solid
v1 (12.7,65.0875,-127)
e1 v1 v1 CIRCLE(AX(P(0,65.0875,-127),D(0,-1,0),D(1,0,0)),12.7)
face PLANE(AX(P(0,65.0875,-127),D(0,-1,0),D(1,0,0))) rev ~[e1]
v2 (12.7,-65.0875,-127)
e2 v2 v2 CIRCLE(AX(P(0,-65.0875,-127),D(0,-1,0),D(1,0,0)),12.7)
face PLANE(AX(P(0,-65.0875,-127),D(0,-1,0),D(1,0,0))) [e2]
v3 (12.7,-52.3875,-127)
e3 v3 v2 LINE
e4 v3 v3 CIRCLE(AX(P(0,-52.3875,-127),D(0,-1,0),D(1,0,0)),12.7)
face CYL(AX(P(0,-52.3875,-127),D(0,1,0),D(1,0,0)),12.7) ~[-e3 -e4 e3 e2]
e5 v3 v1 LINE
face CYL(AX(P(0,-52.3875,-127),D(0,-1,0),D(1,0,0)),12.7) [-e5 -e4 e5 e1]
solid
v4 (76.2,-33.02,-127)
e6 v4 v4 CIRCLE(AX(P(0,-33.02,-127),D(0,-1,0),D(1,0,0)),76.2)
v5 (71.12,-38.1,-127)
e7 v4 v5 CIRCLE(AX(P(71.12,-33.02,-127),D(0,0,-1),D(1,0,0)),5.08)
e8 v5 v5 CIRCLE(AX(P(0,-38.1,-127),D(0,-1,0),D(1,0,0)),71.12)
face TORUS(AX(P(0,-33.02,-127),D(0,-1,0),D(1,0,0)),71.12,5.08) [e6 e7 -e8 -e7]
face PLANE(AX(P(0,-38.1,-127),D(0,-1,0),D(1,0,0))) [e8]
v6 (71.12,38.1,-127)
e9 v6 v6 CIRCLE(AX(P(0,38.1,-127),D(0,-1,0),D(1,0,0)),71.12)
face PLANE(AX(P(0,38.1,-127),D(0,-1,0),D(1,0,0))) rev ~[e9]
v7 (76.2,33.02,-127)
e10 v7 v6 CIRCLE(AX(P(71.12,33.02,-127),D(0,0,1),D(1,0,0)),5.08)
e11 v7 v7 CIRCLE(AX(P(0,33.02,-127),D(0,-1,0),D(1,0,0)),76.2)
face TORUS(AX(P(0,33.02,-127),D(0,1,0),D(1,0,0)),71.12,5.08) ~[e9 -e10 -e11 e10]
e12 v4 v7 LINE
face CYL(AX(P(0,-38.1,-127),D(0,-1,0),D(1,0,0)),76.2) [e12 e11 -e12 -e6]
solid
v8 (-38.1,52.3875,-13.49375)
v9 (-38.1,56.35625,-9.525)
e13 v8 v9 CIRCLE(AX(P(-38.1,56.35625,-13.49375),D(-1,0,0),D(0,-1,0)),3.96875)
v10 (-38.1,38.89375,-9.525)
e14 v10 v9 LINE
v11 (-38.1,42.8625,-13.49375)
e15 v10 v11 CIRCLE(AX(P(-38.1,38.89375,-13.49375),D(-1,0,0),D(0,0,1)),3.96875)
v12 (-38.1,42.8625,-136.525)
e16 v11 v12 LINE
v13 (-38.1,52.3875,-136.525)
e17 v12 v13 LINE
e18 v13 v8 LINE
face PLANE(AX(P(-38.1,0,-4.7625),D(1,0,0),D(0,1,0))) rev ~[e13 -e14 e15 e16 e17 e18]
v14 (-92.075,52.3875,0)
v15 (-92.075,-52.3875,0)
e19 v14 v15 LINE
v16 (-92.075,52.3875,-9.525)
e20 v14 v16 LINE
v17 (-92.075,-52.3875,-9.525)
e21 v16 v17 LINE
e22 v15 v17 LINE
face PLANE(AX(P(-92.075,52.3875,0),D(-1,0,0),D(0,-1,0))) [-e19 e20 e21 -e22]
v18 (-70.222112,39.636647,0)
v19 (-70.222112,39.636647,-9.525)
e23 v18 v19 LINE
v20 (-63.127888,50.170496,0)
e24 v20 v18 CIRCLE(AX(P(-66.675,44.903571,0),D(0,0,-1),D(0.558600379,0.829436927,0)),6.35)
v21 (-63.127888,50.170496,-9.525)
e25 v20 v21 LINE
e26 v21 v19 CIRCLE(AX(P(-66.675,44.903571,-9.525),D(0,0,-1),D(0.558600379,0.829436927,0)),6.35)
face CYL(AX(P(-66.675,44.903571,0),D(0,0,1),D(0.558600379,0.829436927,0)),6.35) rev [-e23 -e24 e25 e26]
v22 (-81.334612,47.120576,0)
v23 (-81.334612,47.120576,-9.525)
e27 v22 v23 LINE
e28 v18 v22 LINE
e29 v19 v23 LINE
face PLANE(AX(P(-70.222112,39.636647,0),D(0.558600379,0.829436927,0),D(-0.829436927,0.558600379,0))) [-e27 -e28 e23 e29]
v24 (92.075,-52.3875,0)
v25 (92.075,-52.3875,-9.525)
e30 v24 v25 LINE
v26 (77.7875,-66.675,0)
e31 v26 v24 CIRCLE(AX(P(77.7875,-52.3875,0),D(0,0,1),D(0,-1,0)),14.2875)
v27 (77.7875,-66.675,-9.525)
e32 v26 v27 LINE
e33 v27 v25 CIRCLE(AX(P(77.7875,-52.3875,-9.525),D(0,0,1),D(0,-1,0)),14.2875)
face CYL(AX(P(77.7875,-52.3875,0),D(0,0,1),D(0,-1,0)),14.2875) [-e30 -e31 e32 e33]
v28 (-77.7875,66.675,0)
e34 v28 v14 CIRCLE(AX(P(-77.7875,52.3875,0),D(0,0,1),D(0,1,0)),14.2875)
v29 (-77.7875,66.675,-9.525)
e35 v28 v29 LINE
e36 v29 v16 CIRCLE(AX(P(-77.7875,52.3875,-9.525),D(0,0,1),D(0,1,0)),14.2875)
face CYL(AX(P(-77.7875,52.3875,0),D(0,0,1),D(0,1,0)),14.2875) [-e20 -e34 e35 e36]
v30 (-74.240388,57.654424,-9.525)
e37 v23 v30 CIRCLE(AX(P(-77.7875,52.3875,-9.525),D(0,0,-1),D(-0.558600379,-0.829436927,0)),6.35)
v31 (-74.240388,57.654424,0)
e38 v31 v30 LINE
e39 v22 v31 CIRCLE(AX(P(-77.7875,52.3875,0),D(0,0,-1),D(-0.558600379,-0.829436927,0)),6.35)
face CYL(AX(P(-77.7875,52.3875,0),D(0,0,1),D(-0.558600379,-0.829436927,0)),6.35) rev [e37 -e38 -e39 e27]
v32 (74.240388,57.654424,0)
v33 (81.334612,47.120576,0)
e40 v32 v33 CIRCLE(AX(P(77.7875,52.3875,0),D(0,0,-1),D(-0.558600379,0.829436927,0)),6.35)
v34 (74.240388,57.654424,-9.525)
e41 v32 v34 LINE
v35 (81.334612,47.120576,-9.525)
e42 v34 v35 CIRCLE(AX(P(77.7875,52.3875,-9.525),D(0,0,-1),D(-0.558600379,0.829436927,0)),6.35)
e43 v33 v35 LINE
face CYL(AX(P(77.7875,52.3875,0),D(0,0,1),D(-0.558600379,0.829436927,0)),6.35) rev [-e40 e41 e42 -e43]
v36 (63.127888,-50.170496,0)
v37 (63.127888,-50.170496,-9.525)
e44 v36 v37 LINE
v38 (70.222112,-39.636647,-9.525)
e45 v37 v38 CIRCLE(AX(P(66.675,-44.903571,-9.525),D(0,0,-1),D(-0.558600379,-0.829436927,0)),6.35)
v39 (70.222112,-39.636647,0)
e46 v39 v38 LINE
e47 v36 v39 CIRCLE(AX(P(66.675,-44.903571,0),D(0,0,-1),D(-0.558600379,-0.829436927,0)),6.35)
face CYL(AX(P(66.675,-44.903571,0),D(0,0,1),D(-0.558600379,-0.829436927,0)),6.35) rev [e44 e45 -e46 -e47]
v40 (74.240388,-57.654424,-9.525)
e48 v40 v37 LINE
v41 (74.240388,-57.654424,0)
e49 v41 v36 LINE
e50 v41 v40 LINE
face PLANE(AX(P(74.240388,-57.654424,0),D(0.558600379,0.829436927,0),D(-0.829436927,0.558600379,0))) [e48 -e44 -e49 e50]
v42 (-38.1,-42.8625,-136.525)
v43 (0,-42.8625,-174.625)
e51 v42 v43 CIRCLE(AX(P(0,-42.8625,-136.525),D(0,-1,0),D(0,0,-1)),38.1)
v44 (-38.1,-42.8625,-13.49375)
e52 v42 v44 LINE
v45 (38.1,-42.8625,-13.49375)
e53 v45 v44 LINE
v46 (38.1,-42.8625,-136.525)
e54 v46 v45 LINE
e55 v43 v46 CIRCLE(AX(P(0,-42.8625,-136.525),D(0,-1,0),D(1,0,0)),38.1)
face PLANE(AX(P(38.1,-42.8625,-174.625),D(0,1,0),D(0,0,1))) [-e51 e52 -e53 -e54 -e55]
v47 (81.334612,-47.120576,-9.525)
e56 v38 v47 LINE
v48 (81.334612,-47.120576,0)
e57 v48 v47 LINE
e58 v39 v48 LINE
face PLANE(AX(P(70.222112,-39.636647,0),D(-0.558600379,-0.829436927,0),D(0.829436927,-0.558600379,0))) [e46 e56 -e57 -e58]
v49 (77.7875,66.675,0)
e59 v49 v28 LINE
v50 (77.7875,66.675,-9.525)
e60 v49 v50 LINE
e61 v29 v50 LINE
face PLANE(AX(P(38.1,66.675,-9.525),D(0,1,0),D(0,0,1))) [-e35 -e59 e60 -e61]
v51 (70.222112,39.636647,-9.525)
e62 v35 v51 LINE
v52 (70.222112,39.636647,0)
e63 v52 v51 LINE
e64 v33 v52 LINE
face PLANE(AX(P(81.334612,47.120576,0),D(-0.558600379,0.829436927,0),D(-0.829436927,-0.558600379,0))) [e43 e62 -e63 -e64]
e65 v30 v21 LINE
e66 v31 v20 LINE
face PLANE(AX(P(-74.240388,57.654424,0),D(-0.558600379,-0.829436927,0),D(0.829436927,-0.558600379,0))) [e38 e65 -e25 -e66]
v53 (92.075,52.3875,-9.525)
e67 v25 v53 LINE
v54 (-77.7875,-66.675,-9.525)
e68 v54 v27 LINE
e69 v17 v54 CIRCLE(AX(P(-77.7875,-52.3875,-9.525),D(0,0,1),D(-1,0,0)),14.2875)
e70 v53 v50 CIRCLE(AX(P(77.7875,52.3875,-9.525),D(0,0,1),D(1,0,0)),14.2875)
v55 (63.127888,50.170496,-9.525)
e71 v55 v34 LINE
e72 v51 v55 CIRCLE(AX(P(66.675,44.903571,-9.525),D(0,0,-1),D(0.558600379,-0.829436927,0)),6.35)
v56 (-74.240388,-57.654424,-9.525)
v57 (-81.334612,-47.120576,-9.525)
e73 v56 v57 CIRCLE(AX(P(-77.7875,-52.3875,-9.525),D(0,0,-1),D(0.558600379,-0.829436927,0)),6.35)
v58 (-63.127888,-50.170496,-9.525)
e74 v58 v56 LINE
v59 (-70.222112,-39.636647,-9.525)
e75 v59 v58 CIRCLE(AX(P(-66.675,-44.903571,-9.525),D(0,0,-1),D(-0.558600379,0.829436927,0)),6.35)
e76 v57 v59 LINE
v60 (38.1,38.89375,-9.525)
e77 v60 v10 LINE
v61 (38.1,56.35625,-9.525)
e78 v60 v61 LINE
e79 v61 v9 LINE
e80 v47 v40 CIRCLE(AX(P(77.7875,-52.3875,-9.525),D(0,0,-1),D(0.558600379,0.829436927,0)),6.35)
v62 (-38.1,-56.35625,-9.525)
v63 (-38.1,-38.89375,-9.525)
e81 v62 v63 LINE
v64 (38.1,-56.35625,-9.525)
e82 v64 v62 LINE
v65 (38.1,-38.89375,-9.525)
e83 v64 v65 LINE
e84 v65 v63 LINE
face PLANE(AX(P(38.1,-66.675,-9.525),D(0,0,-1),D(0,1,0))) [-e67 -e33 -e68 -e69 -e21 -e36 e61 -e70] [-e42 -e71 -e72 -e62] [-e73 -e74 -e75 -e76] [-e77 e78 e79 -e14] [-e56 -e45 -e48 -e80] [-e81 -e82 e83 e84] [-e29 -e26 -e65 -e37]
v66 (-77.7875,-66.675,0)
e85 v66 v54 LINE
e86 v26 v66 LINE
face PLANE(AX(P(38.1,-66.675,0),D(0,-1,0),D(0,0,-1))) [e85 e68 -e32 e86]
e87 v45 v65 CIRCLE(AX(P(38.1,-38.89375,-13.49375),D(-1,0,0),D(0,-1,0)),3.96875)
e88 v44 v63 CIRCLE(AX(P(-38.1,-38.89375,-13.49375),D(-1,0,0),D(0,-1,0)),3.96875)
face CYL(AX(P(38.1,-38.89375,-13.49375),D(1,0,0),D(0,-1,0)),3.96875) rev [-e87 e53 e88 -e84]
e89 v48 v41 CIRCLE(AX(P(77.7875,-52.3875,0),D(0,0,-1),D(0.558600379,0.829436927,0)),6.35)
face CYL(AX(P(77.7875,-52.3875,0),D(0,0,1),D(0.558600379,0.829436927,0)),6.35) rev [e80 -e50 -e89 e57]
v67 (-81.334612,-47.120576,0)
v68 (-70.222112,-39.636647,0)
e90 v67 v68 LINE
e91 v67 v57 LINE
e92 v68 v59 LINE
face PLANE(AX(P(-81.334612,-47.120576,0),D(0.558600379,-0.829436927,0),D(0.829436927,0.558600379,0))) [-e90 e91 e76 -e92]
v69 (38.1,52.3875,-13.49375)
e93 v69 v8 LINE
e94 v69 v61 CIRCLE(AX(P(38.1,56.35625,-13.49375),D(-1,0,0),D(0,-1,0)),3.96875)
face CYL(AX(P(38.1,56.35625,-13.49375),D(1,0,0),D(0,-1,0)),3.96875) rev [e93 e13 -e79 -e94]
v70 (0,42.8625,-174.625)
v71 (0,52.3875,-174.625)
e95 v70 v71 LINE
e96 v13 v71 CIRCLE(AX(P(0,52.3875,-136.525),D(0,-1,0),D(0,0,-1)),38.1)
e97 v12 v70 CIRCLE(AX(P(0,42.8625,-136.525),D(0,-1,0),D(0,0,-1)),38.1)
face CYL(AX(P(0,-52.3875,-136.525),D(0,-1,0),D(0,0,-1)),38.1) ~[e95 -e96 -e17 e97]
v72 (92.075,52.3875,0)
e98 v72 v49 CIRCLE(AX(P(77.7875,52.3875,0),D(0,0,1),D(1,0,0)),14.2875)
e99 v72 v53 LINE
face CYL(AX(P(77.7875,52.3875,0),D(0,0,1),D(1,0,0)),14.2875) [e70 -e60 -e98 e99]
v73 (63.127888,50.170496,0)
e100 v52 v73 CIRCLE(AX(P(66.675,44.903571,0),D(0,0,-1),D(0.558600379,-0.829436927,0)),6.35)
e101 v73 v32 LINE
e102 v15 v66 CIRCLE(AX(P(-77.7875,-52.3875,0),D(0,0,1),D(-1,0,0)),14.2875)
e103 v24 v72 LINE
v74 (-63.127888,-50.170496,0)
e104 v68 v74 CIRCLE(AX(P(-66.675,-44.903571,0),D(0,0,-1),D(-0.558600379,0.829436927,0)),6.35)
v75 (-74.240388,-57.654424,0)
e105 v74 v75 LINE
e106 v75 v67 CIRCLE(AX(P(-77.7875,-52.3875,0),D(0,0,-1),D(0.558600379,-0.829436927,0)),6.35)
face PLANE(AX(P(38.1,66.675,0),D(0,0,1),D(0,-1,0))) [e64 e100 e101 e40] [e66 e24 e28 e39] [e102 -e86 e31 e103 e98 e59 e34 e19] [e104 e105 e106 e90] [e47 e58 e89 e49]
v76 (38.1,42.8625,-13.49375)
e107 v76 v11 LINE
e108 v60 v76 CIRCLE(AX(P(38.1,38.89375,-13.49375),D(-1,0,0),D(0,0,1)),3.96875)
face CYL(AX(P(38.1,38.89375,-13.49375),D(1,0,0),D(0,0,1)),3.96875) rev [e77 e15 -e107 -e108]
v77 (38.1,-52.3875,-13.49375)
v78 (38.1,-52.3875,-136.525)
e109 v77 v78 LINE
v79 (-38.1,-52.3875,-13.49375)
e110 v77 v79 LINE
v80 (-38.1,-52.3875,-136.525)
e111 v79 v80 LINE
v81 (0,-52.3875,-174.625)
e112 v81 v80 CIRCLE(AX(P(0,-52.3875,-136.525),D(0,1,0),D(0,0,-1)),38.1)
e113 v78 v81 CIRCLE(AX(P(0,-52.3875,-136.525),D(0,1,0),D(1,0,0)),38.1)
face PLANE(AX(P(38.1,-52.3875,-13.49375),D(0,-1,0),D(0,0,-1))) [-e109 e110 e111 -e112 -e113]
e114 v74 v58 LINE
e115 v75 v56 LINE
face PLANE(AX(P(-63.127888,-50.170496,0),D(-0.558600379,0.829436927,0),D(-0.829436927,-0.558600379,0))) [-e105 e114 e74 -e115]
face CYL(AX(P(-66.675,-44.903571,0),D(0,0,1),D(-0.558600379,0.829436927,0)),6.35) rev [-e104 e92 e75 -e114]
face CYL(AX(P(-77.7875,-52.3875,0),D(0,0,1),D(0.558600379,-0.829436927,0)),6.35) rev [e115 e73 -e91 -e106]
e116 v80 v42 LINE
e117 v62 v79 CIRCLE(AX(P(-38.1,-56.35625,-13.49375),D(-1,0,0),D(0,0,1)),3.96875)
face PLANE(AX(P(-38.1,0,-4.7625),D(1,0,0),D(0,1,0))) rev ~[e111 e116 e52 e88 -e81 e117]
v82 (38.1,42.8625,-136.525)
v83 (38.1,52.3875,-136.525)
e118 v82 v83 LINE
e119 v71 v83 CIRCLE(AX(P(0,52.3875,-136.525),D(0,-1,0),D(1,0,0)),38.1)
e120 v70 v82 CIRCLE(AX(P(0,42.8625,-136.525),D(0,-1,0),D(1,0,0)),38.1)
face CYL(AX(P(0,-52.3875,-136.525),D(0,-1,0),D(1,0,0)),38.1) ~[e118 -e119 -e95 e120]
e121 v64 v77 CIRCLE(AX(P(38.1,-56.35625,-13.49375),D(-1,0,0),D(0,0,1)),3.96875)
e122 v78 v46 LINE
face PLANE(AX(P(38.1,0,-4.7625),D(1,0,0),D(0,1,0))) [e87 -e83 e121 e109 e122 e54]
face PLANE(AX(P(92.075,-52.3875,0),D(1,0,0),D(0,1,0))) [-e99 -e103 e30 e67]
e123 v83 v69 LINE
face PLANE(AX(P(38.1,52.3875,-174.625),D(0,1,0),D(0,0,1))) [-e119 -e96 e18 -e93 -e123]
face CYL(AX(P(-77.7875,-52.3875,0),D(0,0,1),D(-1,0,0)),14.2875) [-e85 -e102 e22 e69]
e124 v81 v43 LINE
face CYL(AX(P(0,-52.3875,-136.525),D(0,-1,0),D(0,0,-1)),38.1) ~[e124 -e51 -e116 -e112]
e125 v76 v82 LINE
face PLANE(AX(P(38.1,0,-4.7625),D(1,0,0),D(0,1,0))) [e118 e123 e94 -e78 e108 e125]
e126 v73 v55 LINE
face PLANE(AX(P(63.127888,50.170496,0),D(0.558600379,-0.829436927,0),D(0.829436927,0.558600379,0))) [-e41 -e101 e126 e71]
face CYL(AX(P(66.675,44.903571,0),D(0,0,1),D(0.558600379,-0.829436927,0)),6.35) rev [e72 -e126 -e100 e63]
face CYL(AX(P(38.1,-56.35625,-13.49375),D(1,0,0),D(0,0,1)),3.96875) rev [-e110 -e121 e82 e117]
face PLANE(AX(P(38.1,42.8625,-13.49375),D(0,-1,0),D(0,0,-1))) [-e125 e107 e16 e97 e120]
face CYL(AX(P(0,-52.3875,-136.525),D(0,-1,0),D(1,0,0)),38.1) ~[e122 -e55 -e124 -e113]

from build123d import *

# Parameters (mm, degrees)
F1_DEPTH       = 9.525
F4_DEPTH       = 76.2
F6_DEPTH       = 119.0635
F9_DEPTH       = 76.2
F10_R          = 5.08
F11_R          = 12.7
F12_DEPTH      = 117.475
F12_DEPTH_BACK = 12.7


with BuildPart() as f1:
    # F0 (on Top) → F1 (new body)
    with BuildSketch(Plane.XY):
        with BuildLine():
            Line((-77.7875, -66.675), (77.7875, -66.675))
            ThreePointArc((77.7875, -66.675), (87.8902881362, -62.4902881362), (92.075, -52.3875))
            Line((92.075, -52.3875), (92.075, 52.3875))
            ThreePointArc((92.075, 52.3875), (87.8902881362, 62.4902881362), (77.7875, 66.675))
            Line((77.7875, 66.675), (-77.7875, 66.675))
            ThreePointArc((-77.7875, 66.675), (-87.8902881362, 62.4902881362), (-92.075, 52.3875))
            Line((-92.075, 52.3875), (-92.075, -52.3875))
            ThreePointArc((-92.075, -52.3875), (-87.8902881362, -62.4902881362), (-77.7875, -66.675))
        make_face()
        with BuildLine():
            ThreePointArc((-74.2403875903, -57.6544244871), (-83.0544244871, -55.9346124097), (-81.3346124097, -47.1205755129))
            Line((-81.3346124097, -47.1205755129), (-70.2221124097, -39.6366469415))
            ThreePointArc((-70.2221124097, -39.6366469415), (-61.4080755129, -41.3564590189), (-63.1278875903, -50.1704959157))
            Line((-63.1278875903, -50.1704959157), (-74.2403875903, -57.6544244871))
        make_face(mode=Mode.SUBTRACT)
        with BuildLine():
            ThreePointArc((81.3346124097, -47.1205755129), (83.0544244871, -55.9346124097), (74.2403875903, -57.6544244871))
            Line((74.2403875903, -57.6544244871), (63.1278875903, -50.1704959157))
            ThreePointArc((63.1278875903, -50.1704959157), (61.4080755129, -41.3564590189), (70.2221124097, -39.6366469415))
            Line((70.2221124097, -39.6366469415), (81.3346124097, -47.1205755129))
        make_face(mode=Mode.SUBTRACT)
        with BuildLine():
            ThreePointArc((-81.3346124097, 47.1205755129), (-83.0544244871, 55.9346124097), (-74.2403875903, 57.6544244871))
            Line((-74.2403875903, 57.6544244871), (-63.1278875903, 50.1704959157))
            ThreePointArc((-63.1278875903, 50.1704959157), (-61.4080755129, 41.3564590189), (-70.2221124097, 39.6366469415))
            Line((-70.2221124097, 39.6366469415), (-81.3346124097, 47.1205755129))
        make_face(mode=Mode.SUBTRACT)
        with BuildLine():
            ThreePointArc((74.2403875903, 57.6544244871), (83.0544244871, 55.9346124097), (81.3346124097, 47.1205755129))
            Line((81.3346124097, 47.1205755129), (70.2221124097, 39.6366469415))
            ThreePointArc((70.2221124097, 39.6366469415), (61.4080755129, 41.3564590189), (63.1278875903, 50.1704959157))
            Line((63.1278875903, 50.1704959157), (74.2403875903, 57.6544244871))
        make_face(mode=Mode.SUBTRACT)
    extrude(amount=-F1_DEPTH)

    # F3 (on offset) → F4 (join)
    with BuildSketch(Plane.YZ.offset(38.1)):
        Polygon((-66.675, 0), (-66.675, -9.525), (-56.35625, -9.525), (-52.3875, -9.525), (-38.89375, -9.525), (38.89375, -9.525), (52.3875, -9.525), (56.35625, -9.525), (66.675, -9.525), (66.675, 0), (52.3875, 0), (-52.3875, 0), align=None)
        with BuildLine():
            Line((-52.3875, -9.525), (-56.35625, -9.525))
            ThreePointArc((-56.35625, -9.525), (-53.5499199622, -10.6874199622), (-52.3875, -13.49375))
            Line((-52.3875, -13.49375), (-52.3875, -174.625))
            Line((-52.3875, -174.625), (-42.8625, -174.625))
            Line((-42.8625, -174.625), (-42.8625, -13.49375))
            ThreePointArc((-42.8625, -13.49375), (-41.7000800378, -10.6874199622), (-38.89375, -9.525))
            Line((-38.89375, -9.525), (-52.3875, -9.525))
        make_face()
        with BuildLine():
            Line((52.3875, -9.525), (38.89375, -9.525))
            ThreePointArc((38.89375, -9.525), (41.7000800378, -10.6874199622), (42.8625, -13.49375))
            Line((42.8625, -13.49375), (42.8625, -174.625))
            Line((42.8625, -174.625), (52.3875, -174.625))
            Line((52.3875, -174.625), (52.3875, -13.49375))
            ThreePointArc((52.3875, -13.49375), (53.5499199622, -10.6874199622), (56.35625, -9.525))
            Line((56.35625, -9.525), (52.3875, -9.525))
        make_face()
    extrude(amount=-F4_DEPTH)

    # F5 (on face) → F6 (cut, through all)
    with BuildSketch(Plane.XZ.offset(52.3875)):
        with BuildLine():
            ThreePointArc((38.1, -136.525), (26.9407683678, -163.4657683586), (1.29e-08, -174.625))
            Line((1.29e-08, -174.625), (38.1, -174.625))
            Line((38.1, -174.625), (38.1, -136.525))
        make_face()
        with BuildLine():
            ThreePointArc((1.29e-08, -174.625), (-26.9407683586, -163.4657683678), (-38.1, -136.525))
            Line((-38.1, -136.525), (-38.1, -174.625))
            Line((-38.1, -174.625), (1.29e-08, -174.625))
        make_face()
    extrude(amount=-F6_DEPTH, mode=Mode.SUBTRACT)


with BuildPart() as f9:
    # F8 (on offset) → F9 (new body)
    with BuildSketch(Plane.XZ.offset(38.1)):
        with BuildLine():
            ThreePointArc((0, -50.8), (-53.8815367264, -180.8815367264), (76.2, -127))
            ThreePointArc((76.2, -127), (53.8815367264, -73.1184632736), (0, -50.8))
        make_face()
    extrude(amount=-F9_DEPTH)

    # F10
    f10_edges = [f9.edges().sort_by_distance(p)[0] for p in [
        (-76.2, -38.1, -127),
        (-76.2, 38.1, -127),
    ]]
    fillet(f10_edges, radius=F10_R)


with BuildPart() as f12:
    # F11 (on face) → F12 (new body, two sides)
    with BuildSketch(Plane.XZ.offset(52.3875)) as f12_sk:
        with Locations((0, -127)):
            Circle(F11_R)
    extrude(amount=-F12_DEPTH)
    extrude(f12_sk.sketch, amount=F12_DEPTH_BACK)


solid = Compound([f1.part, f9.part, f12.part])
